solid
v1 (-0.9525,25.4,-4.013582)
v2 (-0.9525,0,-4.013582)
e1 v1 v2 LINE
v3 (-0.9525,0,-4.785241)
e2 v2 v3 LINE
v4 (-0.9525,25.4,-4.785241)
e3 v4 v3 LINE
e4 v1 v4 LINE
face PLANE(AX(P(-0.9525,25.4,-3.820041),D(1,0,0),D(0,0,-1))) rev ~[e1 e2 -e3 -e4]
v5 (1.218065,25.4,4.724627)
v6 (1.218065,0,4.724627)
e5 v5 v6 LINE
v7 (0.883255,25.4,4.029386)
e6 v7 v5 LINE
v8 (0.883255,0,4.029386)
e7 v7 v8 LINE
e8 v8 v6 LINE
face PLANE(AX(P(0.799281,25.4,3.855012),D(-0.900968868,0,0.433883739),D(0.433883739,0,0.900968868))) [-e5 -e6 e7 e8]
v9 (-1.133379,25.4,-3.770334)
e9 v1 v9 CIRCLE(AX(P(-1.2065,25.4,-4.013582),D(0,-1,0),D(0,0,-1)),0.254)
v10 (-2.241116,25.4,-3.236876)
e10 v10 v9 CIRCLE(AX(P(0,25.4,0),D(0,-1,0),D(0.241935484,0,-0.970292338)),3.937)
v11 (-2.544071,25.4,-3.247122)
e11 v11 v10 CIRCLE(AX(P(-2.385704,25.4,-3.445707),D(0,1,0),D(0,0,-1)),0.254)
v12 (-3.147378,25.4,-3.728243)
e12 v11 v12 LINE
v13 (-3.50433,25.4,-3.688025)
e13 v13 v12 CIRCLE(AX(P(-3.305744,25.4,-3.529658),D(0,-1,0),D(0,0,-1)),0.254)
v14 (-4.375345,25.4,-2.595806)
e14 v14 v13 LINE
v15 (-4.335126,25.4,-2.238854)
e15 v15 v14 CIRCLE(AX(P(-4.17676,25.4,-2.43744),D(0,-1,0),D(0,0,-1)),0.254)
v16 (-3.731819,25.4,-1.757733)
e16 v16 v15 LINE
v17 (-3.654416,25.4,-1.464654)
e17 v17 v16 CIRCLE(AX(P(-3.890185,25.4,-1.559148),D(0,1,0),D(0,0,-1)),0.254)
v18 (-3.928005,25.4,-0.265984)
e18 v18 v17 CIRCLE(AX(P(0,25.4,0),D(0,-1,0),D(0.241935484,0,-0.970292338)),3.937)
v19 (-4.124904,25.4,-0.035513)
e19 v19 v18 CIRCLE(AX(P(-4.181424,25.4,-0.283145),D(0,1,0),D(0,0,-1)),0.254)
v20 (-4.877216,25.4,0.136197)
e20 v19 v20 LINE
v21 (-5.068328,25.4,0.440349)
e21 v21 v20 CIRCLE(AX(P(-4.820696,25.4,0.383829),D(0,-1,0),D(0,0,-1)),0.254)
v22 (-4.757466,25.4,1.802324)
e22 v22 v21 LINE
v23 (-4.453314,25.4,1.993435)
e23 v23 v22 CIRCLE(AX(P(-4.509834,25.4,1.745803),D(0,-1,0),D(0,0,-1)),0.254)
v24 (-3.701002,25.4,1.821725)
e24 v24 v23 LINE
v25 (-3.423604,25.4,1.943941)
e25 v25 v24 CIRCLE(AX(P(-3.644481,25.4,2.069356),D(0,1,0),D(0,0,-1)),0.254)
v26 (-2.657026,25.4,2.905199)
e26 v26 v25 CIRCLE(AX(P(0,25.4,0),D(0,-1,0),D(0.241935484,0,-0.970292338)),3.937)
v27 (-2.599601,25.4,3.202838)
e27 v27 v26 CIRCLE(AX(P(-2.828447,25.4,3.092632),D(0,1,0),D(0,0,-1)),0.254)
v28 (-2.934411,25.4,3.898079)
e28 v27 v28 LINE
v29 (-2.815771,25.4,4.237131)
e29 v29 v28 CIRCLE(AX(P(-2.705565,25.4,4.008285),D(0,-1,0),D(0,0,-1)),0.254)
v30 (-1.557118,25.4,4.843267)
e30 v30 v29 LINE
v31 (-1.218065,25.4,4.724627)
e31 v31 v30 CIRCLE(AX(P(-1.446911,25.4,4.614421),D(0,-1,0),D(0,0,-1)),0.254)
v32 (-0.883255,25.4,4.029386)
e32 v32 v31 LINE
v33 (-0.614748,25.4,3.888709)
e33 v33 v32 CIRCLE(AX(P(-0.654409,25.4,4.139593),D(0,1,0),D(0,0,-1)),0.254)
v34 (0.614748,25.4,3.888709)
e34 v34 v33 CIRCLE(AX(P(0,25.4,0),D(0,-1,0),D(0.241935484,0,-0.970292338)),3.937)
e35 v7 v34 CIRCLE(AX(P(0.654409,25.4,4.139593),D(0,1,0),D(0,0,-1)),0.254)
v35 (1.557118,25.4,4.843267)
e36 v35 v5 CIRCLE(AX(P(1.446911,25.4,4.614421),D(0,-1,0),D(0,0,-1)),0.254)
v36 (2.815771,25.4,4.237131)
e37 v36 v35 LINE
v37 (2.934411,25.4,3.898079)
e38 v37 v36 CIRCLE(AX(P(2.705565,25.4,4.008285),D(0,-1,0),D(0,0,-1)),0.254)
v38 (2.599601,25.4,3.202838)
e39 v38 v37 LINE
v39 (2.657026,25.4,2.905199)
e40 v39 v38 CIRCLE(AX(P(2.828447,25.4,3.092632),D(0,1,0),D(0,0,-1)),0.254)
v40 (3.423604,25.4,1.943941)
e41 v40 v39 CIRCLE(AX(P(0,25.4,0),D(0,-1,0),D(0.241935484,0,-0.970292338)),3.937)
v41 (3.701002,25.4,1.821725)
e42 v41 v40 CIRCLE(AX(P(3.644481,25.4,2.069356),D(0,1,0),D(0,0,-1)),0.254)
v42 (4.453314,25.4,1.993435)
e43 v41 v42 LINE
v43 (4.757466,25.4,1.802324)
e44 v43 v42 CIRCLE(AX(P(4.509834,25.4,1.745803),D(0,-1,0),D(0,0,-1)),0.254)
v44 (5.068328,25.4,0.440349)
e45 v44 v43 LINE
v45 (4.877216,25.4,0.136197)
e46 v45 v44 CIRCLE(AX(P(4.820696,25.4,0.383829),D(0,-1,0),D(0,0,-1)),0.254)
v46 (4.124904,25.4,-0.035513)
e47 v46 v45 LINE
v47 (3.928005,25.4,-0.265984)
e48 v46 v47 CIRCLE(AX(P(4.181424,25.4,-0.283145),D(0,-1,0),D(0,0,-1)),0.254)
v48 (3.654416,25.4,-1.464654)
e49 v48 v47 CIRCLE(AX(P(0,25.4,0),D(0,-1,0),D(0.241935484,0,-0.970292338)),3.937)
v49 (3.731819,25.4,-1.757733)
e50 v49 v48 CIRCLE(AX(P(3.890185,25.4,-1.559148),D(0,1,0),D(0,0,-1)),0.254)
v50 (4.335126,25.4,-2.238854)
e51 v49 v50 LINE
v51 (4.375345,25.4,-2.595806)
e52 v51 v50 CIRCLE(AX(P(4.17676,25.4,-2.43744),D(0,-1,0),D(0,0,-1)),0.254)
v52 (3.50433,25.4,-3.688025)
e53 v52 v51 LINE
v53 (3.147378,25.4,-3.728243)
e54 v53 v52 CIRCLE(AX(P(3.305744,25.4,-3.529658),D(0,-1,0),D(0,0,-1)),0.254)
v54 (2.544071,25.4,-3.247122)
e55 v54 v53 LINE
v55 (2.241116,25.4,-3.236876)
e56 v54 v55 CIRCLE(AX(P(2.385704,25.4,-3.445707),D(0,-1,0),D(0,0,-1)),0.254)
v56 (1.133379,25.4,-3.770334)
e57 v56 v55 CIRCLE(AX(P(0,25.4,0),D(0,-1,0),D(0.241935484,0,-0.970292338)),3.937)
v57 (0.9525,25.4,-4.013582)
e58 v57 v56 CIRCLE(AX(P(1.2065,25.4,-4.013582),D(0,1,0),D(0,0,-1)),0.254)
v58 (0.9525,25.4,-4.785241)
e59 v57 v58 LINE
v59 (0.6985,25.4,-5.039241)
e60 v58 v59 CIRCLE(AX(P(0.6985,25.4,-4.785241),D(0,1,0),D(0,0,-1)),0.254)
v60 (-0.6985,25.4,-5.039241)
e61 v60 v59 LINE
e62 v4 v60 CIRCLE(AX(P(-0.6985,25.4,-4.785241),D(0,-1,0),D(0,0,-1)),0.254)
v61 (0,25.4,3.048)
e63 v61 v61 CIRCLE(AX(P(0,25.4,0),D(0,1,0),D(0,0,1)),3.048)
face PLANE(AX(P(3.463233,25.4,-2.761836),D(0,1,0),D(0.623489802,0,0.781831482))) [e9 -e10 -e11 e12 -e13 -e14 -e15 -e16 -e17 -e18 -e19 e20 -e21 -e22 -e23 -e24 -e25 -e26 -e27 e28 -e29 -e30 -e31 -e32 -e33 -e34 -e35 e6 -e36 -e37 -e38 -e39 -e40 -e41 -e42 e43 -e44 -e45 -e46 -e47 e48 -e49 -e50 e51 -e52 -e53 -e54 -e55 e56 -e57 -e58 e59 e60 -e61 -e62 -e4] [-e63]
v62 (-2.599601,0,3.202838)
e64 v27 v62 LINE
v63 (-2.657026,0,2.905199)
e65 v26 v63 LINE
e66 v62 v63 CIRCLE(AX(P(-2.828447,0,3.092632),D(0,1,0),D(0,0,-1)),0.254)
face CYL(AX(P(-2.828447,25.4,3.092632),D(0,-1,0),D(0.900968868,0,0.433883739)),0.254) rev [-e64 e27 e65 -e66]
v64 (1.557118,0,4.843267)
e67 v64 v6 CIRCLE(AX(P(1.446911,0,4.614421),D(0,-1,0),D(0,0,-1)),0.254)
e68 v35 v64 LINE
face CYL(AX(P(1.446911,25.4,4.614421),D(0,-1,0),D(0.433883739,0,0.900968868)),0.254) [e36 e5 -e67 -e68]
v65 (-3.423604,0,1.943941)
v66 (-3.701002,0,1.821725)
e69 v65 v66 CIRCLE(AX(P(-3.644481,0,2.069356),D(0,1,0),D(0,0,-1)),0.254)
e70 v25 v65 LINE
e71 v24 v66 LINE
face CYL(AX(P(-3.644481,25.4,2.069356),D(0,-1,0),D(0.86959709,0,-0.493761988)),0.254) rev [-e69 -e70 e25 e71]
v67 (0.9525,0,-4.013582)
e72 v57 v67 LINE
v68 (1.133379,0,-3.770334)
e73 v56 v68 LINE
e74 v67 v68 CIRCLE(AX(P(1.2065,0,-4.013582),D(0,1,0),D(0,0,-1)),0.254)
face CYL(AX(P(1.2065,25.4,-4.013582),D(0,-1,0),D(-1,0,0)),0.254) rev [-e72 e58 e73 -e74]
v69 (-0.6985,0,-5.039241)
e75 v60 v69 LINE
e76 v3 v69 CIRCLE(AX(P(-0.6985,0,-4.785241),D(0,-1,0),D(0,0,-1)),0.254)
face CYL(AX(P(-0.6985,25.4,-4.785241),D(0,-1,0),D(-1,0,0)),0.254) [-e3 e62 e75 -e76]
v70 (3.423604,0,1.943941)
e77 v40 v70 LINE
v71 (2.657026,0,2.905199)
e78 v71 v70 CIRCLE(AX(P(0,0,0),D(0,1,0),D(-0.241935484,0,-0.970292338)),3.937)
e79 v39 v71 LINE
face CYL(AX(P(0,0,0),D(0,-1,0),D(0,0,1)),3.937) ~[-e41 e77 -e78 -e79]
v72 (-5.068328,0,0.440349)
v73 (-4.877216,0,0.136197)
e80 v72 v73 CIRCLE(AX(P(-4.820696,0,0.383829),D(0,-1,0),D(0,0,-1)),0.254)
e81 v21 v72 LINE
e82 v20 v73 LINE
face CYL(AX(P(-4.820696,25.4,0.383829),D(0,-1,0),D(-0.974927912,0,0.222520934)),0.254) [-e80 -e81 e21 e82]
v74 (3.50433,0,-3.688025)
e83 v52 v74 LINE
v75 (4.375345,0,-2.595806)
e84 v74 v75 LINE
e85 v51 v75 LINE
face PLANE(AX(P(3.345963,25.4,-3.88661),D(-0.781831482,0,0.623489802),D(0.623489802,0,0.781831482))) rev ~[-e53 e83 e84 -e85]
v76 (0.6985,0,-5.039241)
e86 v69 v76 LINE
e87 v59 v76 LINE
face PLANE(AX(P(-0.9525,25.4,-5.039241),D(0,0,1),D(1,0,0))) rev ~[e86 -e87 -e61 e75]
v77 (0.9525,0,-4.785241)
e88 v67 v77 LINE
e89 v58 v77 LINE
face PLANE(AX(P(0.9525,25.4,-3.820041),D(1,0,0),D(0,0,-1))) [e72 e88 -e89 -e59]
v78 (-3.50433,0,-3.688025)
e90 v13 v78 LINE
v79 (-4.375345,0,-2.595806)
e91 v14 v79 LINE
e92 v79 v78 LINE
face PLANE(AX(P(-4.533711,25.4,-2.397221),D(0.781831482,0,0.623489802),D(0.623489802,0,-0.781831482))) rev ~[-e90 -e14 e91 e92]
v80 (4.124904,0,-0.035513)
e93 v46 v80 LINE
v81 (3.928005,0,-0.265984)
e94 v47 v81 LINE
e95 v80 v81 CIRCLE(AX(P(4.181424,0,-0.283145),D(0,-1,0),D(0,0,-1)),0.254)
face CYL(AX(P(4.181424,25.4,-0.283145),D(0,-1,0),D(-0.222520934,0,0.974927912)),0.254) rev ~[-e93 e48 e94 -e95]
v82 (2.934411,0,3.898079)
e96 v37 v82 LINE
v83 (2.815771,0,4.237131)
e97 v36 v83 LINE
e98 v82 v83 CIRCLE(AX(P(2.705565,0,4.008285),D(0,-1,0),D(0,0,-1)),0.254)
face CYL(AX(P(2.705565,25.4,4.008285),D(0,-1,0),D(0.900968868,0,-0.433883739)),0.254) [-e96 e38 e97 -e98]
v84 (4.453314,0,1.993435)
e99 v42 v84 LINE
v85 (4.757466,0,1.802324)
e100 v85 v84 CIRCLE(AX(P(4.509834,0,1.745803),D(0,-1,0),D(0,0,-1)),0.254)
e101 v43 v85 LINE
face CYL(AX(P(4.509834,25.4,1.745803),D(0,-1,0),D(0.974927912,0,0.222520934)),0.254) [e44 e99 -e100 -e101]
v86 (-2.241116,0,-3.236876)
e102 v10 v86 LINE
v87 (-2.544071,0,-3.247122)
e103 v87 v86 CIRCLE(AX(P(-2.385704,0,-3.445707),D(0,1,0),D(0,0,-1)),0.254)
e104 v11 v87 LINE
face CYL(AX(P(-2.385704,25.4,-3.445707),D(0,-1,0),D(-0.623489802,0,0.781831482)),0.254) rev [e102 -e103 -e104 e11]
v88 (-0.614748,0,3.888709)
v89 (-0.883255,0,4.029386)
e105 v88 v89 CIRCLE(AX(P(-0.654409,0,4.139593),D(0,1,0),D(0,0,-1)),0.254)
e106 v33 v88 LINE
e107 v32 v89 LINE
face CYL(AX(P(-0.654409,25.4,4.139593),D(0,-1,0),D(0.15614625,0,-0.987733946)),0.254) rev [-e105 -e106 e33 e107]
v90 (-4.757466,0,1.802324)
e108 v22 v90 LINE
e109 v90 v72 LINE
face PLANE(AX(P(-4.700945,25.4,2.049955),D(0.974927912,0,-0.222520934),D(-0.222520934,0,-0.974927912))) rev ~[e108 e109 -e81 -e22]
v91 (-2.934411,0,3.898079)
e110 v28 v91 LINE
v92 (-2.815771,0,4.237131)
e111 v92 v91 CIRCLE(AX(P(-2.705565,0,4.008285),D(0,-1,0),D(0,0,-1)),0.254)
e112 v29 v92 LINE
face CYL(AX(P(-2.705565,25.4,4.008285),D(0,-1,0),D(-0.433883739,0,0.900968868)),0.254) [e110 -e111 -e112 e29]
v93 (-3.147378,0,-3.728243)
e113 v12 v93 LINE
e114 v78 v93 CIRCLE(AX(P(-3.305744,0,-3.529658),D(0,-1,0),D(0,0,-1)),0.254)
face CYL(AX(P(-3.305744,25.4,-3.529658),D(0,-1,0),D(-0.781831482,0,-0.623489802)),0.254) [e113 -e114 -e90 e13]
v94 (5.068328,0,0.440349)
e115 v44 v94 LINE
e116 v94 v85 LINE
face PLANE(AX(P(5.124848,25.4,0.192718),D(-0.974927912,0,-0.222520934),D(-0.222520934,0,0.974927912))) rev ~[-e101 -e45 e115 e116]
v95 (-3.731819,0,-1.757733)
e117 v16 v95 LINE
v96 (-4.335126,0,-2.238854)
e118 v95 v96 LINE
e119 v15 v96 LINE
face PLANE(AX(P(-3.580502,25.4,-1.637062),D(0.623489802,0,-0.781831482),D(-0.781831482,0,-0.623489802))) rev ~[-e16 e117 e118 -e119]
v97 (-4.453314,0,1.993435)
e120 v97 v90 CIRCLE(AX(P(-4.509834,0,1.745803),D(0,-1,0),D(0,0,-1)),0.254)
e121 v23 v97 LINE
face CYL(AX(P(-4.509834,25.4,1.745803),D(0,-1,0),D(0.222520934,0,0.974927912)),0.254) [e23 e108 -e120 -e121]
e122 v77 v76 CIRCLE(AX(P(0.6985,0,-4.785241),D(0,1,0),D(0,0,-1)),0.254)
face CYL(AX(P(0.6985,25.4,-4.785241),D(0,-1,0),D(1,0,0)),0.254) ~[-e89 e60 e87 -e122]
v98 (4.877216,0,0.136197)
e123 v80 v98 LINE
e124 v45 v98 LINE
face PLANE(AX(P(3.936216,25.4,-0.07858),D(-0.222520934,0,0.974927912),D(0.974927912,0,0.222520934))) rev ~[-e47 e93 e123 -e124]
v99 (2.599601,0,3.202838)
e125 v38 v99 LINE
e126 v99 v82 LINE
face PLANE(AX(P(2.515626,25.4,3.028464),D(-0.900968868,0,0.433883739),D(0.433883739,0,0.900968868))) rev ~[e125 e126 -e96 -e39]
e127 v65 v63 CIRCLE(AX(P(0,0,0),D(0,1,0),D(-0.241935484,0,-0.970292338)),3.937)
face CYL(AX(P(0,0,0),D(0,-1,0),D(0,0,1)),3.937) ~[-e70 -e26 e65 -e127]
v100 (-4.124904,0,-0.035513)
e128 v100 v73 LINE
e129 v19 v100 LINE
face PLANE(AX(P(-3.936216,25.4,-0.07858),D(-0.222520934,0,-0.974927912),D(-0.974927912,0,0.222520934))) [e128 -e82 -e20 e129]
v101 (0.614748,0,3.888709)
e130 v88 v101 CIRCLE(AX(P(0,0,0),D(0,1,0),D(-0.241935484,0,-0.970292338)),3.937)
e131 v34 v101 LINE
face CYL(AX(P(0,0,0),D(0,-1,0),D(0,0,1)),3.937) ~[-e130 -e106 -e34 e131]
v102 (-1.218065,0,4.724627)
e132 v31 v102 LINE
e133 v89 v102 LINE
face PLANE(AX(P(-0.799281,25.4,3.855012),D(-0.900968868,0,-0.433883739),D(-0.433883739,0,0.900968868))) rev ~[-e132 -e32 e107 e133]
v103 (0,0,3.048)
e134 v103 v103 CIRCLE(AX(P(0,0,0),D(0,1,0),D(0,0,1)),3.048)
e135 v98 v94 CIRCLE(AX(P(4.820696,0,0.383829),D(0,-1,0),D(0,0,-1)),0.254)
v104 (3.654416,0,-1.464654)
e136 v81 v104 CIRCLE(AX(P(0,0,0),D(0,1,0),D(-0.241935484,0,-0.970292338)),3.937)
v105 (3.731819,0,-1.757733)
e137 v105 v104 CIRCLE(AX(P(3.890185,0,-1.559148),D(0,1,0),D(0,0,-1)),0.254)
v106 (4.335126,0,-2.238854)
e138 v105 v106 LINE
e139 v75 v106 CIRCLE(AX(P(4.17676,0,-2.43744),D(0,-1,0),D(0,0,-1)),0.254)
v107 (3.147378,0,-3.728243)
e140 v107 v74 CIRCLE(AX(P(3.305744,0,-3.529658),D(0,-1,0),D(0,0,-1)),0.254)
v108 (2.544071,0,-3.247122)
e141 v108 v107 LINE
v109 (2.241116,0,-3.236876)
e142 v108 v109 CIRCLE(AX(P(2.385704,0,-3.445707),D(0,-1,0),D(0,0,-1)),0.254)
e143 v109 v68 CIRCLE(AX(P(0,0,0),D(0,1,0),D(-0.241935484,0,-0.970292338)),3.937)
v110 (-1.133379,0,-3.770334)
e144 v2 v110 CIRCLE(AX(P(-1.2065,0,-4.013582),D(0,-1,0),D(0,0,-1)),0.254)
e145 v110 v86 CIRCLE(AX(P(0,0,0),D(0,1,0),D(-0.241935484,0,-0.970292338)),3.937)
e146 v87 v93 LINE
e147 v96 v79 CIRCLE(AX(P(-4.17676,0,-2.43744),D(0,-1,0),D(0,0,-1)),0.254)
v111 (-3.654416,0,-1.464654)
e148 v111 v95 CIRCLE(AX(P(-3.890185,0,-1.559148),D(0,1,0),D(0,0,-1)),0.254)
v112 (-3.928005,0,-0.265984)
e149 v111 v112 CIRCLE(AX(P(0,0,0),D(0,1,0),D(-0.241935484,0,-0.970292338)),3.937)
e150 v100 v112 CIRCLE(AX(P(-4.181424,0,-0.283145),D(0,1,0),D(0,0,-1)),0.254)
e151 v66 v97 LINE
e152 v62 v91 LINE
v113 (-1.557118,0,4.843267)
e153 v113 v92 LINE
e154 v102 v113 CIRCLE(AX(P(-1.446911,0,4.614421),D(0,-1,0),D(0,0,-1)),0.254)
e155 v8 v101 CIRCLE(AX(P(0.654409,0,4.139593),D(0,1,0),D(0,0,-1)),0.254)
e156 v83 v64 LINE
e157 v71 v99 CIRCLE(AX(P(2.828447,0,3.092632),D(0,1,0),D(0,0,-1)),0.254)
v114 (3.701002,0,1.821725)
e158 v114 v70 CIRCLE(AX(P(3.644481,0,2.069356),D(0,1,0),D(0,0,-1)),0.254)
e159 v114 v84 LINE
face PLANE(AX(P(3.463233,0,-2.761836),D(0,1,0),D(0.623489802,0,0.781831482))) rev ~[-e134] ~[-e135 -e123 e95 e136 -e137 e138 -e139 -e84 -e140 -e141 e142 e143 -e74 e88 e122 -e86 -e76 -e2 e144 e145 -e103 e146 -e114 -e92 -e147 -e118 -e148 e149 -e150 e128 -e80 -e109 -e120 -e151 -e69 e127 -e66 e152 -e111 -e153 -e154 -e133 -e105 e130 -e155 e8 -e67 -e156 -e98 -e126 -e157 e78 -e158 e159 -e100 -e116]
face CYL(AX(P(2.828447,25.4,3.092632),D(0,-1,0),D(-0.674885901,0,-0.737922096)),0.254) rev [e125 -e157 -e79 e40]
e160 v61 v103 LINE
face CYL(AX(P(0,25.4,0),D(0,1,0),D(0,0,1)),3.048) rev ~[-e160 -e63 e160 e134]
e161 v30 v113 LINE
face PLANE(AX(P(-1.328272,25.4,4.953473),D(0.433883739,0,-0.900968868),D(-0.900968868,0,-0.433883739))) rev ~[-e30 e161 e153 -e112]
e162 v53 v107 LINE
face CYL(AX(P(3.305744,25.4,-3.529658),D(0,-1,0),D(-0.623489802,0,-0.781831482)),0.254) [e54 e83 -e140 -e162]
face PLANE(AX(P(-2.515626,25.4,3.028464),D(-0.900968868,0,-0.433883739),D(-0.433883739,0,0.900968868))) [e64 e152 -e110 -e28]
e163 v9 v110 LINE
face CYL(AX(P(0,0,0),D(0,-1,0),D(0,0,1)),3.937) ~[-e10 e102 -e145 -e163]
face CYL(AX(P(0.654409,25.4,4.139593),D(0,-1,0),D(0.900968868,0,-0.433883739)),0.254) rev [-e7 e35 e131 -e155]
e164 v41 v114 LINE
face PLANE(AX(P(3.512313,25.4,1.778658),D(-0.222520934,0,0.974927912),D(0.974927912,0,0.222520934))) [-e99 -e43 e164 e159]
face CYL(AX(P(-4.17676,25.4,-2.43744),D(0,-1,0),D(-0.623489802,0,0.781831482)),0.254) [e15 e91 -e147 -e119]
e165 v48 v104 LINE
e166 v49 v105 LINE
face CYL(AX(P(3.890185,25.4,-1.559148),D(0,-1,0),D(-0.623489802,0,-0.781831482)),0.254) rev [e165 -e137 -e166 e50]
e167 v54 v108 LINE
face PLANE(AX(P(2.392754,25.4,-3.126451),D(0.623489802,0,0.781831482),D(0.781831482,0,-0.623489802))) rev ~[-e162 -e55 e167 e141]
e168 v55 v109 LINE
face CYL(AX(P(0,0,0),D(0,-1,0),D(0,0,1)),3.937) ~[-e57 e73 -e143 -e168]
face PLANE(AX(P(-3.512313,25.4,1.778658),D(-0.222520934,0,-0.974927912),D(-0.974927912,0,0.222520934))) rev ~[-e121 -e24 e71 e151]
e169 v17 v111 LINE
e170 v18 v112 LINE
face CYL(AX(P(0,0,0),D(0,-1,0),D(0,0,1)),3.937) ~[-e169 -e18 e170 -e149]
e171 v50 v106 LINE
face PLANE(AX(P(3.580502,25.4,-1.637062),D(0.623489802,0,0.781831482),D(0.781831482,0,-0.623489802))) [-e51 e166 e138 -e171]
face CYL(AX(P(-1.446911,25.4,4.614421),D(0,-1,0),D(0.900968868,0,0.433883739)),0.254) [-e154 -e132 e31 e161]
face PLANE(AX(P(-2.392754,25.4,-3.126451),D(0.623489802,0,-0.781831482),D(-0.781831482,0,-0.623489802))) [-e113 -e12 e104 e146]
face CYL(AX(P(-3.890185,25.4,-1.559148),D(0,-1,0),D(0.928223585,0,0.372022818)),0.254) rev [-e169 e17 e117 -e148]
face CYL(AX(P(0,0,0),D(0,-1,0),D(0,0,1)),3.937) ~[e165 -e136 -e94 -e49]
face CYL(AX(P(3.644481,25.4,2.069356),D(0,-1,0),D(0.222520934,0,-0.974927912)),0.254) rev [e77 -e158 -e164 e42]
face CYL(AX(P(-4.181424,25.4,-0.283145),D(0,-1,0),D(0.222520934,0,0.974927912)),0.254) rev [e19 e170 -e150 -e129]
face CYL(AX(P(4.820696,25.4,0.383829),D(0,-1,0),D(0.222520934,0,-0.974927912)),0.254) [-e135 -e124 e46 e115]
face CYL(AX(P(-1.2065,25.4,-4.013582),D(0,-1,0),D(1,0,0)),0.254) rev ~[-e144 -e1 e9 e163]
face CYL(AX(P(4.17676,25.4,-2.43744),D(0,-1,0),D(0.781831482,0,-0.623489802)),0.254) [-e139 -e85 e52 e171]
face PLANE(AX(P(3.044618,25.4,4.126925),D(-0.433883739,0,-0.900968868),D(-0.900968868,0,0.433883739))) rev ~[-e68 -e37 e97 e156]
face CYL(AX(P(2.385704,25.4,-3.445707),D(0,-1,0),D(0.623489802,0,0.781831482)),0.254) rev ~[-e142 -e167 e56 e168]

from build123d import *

# Parameters (mm, degrees)
SKETCH1_R                = 3.937
BOSS_EXTRUDE1_DEPTH      = 25.4
SKETCH2_W                = 1.905
SKETCH2_H                = 1.2192
BOSS_EXTRUDE2_DEPTH      = 25.4
FILLET2_R                = 0.254
CIRPATTERN4_COUNT        = 7
FILLET2_OF_CIRPATTERN4_R = 0.254
SKETCH3_R                = 3.048
CUT_EXTRUDE1_DEPTH       = 27.387619956


with BuildPart() as part:
    # Sketch1 → Boss-Extrude1 (new body)
    with BuildSketch(Plane(origin=(0, 0, 0), x_dir=(1, 0, 0), z_dir=(0, 1, 0))):
        with Locations(Location((0, 0, 0), (0, 0, 270))):
            Circle(SKETCH1_R)
    extrude(amount=BOSS_EXTRUDE1_DEPTH)

    # Sketch2 → Boss-Extrude2 (add)
    with BuildSketch(Plane(origin=(0, 25.4, 0), x_dir=(1, 0, 0), z_dir=(0, 1, 0))):
        with Locations((0, 4.429640936)):
            Rectangle(SKETCH2_W, SKETCH2_H)
    boss_extrude2 = extrude(amount=-BOSS_EXTRUDE2_DEPTH)

    # Fillet2
    fillet2_edges = [part.edges().sort_by_distance(p)[0] for p in [
        (0.9525, 12.7, -5.039240936),
        (0.9525, 12.7, -3.820040936),
        (-0.9525, 12.7, -3.820040936),
        (-0.9525, 12.7, -5.039240936),
    ]]
    fillet(fillet2_edges, radius=FILLET2_R)

    # CirPattern4: Boss-Extrude2 ×7 about axis
    cirpattern4_axis = Axis((0, 0, 0), (0, 1, 0))
    for i in range(1, CIRPATTERN4_COUNT):
        add(boss_extrude2.rotate(cirpattern4_axis, i * 360 / CIRPATTERN4_COUNT))

    # Fillet2 of CirPattern4
    fillet2_of_cirpattern4_edges = [part.edges().sort_by_distance(p)[0] for p in [
        (-3.345963175, 12.7, -3.88660982),
        (-2.392754232, 12.7, -3.126451053),
        (-3.580502304, 12.7, -1.637062079),
        (-4.533711247, 12.7, -2.397220845),
        (-5.124847834, 12.7, 0.192717763),
        (-3.936215723, 12.7, -0.07857976),
        (-3.512313344, 12.7, 1.778657913),
        (-4.700945455, 12.7, 2.049955436),
        (-3.044617546, 12.7, 4.126924939),
        (-2.515626491, 12.7, 3.028463696),
        (-0.799280798, 12.7, 3.855012219),
        (-1.328271853, 12.7, 4.953473462),
        (1.328271853, 12.7, 4.953473462),
        (0.799280798, 12.7, 3.855012219),
        (2.515626491, 12.7, 3.028463696),
        (3.044617546, 12.7, 4.126924939),
        (4.700945455, 12.7, 2.049955436),
        (3.512313344, 12.7, 1.778657913),
        (3.936215723, 12.7, -0.07857976),
        (5.124847834, 12.7, 0.192717763),
        (4.533711247, 12.7, -2.397220845),
        (3.580502304, 12.7, -1.637062079),
        (2.392754232, 12.7, -3.126451053),
        (3.345963175, 12.7, -3.88660982),
    ]]
    fillet(fillet2_of_cirpattern4_edges, radius=FILLET2_OF_CIRPATTERN4_R)

    # Sketch3 → Cut-Extrude1 (cut, through all)
    with BuildSketch(Plane(origin=(0, 25.4, 0), x_dir=(1, 0, 0), z_dir=(0, 1, 0))):
        with Locations(Location((0, 0, 0), (0, 0, 270))):
            Circle(SKETCH3_R)
    extrude(amount=-CUT_EXTRUDE1_DEPTH, mode=Mode.SUBTRACT)


solid = part.part
